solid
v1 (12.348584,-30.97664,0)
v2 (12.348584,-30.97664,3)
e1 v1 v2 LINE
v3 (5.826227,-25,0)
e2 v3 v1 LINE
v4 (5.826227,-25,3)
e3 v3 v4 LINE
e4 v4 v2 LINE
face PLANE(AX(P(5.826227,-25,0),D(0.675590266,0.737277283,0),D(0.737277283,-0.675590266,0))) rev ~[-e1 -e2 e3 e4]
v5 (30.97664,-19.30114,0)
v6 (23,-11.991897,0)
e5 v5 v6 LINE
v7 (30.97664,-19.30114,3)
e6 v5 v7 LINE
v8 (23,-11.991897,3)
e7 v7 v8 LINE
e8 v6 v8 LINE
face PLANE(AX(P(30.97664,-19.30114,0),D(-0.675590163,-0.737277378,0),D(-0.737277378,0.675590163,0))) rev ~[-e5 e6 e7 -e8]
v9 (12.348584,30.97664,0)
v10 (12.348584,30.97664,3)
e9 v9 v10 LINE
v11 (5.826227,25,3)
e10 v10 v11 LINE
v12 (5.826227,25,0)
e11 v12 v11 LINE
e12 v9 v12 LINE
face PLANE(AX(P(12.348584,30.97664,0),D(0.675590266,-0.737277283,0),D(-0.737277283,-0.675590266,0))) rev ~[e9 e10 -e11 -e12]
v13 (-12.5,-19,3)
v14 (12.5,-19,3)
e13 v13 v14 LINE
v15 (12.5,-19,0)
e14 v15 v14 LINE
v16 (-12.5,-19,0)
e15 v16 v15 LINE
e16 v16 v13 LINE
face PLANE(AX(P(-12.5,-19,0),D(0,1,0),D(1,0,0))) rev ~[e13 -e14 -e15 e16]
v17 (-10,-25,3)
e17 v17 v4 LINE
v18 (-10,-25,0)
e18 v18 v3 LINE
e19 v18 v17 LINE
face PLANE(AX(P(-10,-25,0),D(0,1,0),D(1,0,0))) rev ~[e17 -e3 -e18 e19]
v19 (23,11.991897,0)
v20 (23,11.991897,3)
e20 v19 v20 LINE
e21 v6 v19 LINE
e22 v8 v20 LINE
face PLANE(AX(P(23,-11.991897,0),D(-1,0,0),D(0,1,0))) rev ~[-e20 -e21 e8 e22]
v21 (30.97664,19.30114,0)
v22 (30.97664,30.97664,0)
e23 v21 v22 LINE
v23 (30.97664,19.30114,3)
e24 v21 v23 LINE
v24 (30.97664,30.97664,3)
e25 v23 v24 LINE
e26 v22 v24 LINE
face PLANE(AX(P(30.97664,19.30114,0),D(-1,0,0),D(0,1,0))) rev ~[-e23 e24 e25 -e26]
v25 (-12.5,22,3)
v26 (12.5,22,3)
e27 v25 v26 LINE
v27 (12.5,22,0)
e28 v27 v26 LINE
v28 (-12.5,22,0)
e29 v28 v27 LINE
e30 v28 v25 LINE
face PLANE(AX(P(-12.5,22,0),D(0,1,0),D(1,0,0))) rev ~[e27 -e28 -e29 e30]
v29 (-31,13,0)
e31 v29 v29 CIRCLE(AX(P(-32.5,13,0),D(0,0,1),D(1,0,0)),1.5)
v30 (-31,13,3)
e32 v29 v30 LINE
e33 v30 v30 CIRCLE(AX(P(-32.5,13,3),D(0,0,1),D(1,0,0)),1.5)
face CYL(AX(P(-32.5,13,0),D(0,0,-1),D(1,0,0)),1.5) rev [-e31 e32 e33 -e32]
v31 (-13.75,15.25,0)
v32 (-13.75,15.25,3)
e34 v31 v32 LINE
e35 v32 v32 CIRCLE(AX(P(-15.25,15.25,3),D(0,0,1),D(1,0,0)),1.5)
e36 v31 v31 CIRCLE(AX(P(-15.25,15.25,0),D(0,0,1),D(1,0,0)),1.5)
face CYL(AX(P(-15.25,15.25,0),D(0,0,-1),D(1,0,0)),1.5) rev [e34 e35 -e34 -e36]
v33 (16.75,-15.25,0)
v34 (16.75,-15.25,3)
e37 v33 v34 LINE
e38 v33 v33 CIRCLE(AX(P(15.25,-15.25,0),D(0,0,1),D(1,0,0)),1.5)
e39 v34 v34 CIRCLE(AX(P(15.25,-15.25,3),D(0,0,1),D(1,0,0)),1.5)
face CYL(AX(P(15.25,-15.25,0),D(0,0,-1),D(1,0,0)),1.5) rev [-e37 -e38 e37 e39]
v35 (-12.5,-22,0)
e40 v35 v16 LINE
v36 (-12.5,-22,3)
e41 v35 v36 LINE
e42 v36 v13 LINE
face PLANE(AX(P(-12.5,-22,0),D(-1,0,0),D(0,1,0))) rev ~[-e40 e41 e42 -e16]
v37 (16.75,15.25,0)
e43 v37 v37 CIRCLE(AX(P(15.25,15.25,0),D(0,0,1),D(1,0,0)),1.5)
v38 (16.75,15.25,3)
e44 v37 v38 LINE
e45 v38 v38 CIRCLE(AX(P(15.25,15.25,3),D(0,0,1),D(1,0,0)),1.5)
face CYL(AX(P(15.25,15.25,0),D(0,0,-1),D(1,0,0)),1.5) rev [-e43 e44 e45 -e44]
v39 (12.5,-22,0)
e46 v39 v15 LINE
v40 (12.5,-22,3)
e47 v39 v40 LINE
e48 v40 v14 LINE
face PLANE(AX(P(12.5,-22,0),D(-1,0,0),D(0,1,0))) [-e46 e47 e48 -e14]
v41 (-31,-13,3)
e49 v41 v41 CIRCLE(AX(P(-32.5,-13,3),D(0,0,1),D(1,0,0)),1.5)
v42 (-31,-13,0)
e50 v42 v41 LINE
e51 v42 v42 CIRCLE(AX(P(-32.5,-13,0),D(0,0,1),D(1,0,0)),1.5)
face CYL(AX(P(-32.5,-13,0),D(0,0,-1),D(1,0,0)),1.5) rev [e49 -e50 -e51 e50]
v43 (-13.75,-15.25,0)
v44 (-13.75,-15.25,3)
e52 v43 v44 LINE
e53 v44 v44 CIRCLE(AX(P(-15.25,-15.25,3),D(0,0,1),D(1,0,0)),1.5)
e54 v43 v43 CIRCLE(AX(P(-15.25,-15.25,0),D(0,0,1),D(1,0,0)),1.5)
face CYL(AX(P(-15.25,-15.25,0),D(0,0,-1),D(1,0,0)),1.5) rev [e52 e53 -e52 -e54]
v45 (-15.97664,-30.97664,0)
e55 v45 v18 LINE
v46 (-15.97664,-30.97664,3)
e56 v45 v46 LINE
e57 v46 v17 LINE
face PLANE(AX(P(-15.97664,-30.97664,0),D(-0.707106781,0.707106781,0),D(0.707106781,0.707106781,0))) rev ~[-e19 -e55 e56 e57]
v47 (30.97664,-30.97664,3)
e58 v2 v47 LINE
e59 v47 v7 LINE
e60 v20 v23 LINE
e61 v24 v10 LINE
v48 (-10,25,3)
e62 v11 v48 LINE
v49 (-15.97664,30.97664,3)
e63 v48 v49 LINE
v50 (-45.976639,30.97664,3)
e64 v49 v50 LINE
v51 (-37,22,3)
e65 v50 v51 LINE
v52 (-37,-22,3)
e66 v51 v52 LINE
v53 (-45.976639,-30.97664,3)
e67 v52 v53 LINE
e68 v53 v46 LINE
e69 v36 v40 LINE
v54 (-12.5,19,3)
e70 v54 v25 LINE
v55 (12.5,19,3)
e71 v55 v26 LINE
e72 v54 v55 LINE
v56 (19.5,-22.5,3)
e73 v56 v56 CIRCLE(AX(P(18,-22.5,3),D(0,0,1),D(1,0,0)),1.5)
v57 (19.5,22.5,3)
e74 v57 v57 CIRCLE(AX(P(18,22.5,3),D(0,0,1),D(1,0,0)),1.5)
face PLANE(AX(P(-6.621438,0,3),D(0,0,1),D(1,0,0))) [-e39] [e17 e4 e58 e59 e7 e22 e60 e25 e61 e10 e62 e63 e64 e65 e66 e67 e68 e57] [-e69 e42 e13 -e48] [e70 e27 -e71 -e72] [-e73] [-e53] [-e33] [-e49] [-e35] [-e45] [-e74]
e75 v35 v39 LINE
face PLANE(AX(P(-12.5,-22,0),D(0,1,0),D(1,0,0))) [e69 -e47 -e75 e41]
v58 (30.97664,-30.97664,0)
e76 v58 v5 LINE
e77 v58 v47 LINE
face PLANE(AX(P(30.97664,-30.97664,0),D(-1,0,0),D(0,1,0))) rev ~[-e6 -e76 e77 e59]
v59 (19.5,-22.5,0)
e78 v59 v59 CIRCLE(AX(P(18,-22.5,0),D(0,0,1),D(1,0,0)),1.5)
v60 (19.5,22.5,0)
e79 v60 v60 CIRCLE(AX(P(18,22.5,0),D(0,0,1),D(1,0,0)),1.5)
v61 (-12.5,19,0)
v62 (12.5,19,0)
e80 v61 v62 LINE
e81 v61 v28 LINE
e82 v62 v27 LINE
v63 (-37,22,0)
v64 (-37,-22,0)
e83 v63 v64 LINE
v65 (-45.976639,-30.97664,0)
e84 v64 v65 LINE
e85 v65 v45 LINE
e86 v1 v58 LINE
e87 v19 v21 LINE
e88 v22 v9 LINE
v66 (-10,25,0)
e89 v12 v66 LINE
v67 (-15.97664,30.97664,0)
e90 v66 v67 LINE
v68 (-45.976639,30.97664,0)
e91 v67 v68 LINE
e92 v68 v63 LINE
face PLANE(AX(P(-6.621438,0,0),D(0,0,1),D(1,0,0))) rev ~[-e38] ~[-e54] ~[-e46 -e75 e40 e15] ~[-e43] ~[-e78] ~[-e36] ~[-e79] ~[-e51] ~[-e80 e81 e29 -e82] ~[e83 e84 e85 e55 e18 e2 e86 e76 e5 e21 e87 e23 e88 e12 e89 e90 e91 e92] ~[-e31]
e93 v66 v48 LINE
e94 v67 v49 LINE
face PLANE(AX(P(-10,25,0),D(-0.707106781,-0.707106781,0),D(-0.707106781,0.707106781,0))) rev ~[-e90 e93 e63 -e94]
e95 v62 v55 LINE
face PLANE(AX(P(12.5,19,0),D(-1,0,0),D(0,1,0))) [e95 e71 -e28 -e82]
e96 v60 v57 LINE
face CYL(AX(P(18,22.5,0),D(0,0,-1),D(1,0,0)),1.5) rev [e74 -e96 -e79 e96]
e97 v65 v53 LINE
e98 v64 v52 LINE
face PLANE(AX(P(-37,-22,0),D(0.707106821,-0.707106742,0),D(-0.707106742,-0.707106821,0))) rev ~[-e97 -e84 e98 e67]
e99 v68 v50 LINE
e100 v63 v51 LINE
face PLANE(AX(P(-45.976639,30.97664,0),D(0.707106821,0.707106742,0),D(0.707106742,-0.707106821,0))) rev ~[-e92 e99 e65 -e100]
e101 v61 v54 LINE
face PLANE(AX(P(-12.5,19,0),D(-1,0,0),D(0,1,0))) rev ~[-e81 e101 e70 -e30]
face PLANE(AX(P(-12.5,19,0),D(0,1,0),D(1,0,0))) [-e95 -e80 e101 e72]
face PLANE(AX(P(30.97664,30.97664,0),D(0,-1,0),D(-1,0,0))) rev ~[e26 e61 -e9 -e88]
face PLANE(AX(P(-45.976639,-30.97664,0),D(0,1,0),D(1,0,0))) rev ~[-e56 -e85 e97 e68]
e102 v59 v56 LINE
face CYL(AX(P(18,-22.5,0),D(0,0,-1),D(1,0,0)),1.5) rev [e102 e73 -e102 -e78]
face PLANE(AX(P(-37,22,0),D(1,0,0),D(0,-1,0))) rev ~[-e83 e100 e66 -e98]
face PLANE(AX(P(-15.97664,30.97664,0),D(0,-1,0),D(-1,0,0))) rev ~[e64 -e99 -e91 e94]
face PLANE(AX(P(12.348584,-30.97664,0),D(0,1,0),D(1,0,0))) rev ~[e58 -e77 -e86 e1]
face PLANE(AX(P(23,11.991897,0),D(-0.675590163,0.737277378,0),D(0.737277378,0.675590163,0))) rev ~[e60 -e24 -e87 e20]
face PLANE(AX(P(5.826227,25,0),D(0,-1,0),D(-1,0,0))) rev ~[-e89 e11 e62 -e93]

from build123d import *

# Parameters (mm, degrees)
F0_R     = 1.5
F0_W     = 25
F0_H     = 3
F1_DEPTH = 3


with BuildPart() as f1:
    # F0 (on Top) → F1 (new body)
    with BuildSketch(Plane.XY):
        Polygon((5.826227, 25), (-10, 25), (-15.97664, 30.97664), (-45.976639, 30.97664), (-37, 22), (-37, -22), (-45.976639, -30.97664), (-15.97664, -30.97664), (-10, -25), (5.826227, -25), (12.348584, -30.97664), (30.97664, -30.97664), (30.97664, -19.30114), (23, -11.991897), (23, 11.991897), (30.97664, 19.30114), (30.97664, 30.97664), (12.348584, 30.97664), align=None)
        with Locations((-32.5, -13)):
            Circle(F0_R, mode=Mode.SUBTRACT)
        with Locations((-15.25, -15.25)):
            Circle(F0_R, mode=Mode.SUBTRACT)
        with Locations((0, -20.5)):
            Rectangle(F0_W, F0_H, mode=Mode.SUBTRACT)
        with Locations((18, -22.5)):
            Circle(F0_R, mode=Mode.SUBTRACT)
        with Locations((15.25, -15.25)):
            Circle(F0_R, mode=Mode.SUBTRACT)
        with Locations((-32.5, 13)):
            Circle(F0_R, mode=Mode.SUBTRACT)
        with Locations((-15.25, 15.25)):
            Circle(F0_R, mode=Mode.SUBTRACT)
        with Locations((15.25, 15.25)):
            Circle(F0_R, mode=Mode.SUBTRACT)
        with Locations((0, 20.5)):
            Rectangle(F0_W, F0_H, mode=Mode.SUBTRACT)
        with Locations((18, 22.5)):
            Circle(F0_R, mode=Mode.SUBTRACT)
    extrude(amount=F1_DEPTH)


solid = f1.part
